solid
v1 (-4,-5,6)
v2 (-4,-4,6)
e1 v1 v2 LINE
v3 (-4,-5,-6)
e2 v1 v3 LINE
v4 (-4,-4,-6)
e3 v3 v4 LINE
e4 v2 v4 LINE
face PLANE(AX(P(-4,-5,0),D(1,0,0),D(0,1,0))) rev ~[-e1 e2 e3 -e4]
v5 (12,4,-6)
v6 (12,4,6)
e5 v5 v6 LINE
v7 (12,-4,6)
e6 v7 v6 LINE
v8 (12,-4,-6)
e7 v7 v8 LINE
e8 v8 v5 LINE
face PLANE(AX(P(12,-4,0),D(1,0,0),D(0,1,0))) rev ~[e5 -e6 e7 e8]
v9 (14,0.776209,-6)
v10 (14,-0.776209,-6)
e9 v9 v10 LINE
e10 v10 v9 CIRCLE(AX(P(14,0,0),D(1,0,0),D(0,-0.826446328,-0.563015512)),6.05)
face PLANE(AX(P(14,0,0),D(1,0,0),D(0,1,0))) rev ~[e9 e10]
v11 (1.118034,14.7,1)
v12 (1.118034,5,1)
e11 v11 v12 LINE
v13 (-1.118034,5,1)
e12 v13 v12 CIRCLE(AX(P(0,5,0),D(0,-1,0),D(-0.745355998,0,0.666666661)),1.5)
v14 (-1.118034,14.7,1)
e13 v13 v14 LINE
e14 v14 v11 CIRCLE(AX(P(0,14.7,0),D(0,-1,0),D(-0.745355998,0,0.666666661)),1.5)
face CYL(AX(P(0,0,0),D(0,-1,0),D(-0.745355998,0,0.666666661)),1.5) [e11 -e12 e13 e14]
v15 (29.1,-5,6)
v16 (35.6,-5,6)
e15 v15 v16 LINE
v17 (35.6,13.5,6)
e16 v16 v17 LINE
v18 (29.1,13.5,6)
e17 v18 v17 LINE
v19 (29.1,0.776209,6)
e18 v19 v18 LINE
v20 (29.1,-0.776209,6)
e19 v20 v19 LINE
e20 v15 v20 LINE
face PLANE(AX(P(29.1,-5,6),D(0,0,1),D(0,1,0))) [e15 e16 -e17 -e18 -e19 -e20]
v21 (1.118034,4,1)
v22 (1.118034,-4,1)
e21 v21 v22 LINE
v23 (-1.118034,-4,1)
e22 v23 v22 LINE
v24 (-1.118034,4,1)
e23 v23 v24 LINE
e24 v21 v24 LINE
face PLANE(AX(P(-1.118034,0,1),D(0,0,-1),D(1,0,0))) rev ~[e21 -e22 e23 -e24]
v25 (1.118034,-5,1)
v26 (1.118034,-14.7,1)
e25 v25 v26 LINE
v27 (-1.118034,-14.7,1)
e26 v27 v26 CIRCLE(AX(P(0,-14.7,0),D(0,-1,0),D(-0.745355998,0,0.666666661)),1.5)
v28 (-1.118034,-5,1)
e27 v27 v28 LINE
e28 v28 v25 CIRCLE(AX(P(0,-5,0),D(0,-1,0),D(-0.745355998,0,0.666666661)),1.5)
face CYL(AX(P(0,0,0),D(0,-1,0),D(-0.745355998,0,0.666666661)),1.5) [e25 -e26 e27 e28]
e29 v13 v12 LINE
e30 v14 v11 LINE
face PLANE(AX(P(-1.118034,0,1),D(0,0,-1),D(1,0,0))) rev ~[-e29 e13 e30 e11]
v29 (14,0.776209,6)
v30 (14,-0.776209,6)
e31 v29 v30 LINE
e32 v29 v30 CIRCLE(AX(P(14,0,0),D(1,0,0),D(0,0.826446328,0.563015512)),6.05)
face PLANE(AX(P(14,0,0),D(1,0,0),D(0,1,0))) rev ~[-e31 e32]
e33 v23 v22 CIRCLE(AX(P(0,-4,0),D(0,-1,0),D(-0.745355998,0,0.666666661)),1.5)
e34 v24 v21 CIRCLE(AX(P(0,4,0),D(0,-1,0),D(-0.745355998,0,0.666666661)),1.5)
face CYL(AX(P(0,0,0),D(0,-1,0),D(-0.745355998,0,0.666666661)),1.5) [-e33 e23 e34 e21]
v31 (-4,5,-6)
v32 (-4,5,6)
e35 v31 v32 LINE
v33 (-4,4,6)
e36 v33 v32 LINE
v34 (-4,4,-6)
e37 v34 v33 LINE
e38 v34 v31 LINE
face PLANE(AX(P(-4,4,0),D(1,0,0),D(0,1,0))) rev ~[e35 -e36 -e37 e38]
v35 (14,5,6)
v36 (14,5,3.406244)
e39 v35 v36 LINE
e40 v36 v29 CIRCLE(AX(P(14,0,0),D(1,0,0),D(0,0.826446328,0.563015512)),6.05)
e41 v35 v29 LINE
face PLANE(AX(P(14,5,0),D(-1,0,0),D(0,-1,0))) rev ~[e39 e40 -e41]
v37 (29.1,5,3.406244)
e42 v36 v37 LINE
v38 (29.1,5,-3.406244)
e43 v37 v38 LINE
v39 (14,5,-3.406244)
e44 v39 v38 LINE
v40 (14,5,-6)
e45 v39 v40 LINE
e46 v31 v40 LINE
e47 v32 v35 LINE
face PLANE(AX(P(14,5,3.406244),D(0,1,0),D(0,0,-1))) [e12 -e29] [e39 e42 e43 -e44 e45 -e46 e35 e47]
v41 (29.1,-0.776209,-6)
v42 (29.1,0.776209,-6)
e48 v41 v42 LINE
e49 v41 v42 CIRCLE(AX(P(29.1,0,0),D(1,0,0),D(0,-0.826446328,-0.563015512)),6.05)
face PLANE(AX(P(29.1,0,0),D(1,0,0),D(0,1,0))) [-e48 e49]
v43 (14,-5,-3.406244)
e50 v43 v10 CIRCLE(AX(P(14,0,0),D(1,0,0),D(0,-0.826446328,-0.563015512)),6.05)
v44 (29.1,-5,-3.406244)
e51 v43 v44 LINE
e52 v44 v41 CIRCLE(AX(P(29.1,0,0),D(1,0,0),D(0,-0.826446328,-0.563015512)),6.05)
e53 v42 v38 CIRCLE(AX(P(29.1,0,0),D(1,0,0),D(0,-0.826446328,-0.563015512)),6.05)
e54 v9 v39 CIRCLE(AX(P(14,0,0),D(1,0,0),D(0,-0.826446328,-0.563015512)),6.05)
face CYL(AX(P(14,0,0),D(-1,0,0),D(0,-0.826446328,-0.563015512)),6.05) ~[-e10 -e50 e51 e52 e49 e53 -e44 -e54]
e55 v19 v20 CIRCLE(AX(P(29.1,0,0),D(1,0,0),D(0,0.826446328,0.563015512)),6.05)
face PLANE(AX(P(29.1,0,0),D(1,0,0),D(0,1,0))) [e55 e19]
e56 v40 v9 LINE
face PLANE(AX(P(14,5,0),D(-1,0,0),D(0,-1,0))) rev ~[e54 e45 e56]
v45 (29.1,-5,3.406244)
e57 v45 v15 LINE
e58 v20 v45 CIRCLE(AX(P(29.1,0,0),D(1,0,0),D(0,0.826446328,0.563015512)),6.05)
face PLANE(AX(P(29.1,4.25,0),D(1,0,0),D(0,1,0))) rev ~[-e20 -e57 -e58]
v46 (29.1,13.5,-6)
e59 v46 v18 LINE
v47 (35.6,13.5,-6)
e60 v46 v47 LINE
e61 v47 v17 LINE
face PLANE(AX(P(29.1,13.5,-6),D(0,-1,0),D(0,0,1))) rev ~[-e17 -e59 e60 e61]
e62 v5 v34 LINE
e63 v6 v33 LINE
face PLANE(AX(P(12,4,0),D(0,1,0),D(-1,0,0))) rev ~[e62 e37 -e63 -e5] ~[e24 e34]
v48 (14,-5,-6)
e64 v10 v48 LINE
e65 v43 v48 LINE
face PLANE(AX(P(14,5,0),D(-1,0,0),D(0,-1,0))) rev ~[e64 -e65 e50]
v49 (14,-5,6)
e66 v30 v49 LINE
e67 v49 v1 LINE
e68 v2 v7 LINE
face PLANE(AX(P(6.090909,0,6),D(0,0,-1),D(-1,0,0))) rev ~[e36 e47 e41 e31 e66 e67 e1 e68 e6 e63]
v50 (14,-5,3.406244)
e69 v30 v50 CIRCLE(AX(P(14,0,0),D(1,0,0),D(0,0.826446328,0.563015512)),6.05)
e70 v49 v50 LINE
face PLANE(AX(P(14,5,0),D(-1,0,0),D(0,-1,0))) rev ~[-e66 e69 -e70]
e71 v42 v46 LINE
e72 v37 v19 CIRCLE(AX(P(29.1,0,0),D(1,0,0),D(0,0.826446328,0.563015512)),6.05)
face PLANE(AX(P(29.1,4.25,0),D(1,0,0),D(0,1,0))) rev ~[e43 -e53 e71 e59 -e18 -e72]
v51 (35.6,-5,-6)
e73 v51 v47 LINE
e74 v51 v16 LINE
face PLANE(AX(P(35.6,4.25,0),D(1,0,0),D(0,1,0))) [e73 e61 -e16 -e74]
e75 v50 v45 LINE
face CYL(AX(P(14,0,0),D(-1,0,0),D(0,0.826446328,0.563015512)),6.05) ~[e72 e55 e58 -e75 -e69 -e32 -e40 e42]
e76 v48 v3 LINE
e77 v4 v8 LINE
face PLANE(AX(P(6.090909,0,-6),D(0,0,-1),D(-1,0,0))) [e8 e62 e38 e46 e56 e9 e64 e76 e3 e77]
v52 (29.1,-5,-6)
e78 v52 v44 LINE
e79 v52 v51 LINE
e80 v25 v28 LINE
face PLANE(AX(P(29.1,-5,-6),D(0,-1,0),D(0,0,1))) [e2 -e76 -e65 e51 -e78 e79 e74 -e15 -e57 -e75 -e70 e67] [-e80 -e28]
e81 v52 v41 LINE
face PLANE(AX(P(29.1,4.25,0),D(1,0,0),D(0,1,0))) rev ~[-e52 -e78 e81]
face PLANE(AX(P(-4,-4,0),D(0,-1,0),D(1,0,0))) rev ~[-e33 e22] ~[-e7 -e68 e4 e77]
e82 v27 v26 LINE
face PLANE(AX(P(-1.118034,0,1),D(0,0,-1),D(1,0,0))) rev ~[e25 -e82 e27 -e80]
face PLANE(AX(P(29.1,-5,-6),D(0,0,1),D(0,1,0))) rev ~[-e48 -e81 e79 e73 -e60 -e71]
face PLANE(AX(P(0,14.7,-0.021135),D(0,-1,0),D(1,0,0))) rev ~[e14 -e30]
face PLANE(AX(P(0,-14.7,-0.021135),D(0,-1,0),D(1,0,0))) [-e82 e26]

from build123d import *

# Parameters (mm, degrees)
PAD_DEPTH    = 6
PAD001_DEPTH = 14.7
PAD002_DEPTH = 15.1
SKETCH003_W  = 18.5
SKETCH003_H  = 12
PAD003_DEPTH = 6.5


with BuildPart() as part:
    # Sketch → Pad (new body, symmetric)
    with BuildSketch(Plane.XY):
        Polygon((-4, 5), (14, 5), (14, -5), (-4, -5), (-4, -4), (12, -4), (12, 4), (-4, 4), align=None)
    extrude(amount=PAD_DEPTH, both=True)

    # Sketch001 → Pad001 (join, symmetric)
    with BuildSketch(Plane.XZ):
        with BuildLine():
            ThreePointArc((-1.118034, 1), (0, -1.5), (1.118034, 1))
            Line((-1.118034, 1), (1.118034, 1))
        make_face()
    extrude(amount=PAD001_DEPTH, both=True)

    # Sketch002 (on DatumPlane) → Pad002 (join)
    with BuildSketch(Plane.YZ.offset(14)):
        with BuildLine():
            ThreePointArc((5, 3.406244), (0, 6.05), (-5, 3.406244))
            Line((-5, -3.406244), (-5, 3.406244))
            ThreePointArc((-5, -3.406244), (0, -6.05), (5, -3.406244))
            Line((5, 3.406244), (5, -3.406244))
        make_face()
    extrude(amount=PAD002_DEPTH)

    # Sketch003 (on DatumPlane) → Pad003 (join)
    with BuildSketch(Plane.YZ.offset(29.1)):
        with Locations((4.25, 0)):
            Rectangle(SKETCH003_W, SKETCH003_H)
    extrude(amount=PAD003_DEPTH)


solid = part.part
